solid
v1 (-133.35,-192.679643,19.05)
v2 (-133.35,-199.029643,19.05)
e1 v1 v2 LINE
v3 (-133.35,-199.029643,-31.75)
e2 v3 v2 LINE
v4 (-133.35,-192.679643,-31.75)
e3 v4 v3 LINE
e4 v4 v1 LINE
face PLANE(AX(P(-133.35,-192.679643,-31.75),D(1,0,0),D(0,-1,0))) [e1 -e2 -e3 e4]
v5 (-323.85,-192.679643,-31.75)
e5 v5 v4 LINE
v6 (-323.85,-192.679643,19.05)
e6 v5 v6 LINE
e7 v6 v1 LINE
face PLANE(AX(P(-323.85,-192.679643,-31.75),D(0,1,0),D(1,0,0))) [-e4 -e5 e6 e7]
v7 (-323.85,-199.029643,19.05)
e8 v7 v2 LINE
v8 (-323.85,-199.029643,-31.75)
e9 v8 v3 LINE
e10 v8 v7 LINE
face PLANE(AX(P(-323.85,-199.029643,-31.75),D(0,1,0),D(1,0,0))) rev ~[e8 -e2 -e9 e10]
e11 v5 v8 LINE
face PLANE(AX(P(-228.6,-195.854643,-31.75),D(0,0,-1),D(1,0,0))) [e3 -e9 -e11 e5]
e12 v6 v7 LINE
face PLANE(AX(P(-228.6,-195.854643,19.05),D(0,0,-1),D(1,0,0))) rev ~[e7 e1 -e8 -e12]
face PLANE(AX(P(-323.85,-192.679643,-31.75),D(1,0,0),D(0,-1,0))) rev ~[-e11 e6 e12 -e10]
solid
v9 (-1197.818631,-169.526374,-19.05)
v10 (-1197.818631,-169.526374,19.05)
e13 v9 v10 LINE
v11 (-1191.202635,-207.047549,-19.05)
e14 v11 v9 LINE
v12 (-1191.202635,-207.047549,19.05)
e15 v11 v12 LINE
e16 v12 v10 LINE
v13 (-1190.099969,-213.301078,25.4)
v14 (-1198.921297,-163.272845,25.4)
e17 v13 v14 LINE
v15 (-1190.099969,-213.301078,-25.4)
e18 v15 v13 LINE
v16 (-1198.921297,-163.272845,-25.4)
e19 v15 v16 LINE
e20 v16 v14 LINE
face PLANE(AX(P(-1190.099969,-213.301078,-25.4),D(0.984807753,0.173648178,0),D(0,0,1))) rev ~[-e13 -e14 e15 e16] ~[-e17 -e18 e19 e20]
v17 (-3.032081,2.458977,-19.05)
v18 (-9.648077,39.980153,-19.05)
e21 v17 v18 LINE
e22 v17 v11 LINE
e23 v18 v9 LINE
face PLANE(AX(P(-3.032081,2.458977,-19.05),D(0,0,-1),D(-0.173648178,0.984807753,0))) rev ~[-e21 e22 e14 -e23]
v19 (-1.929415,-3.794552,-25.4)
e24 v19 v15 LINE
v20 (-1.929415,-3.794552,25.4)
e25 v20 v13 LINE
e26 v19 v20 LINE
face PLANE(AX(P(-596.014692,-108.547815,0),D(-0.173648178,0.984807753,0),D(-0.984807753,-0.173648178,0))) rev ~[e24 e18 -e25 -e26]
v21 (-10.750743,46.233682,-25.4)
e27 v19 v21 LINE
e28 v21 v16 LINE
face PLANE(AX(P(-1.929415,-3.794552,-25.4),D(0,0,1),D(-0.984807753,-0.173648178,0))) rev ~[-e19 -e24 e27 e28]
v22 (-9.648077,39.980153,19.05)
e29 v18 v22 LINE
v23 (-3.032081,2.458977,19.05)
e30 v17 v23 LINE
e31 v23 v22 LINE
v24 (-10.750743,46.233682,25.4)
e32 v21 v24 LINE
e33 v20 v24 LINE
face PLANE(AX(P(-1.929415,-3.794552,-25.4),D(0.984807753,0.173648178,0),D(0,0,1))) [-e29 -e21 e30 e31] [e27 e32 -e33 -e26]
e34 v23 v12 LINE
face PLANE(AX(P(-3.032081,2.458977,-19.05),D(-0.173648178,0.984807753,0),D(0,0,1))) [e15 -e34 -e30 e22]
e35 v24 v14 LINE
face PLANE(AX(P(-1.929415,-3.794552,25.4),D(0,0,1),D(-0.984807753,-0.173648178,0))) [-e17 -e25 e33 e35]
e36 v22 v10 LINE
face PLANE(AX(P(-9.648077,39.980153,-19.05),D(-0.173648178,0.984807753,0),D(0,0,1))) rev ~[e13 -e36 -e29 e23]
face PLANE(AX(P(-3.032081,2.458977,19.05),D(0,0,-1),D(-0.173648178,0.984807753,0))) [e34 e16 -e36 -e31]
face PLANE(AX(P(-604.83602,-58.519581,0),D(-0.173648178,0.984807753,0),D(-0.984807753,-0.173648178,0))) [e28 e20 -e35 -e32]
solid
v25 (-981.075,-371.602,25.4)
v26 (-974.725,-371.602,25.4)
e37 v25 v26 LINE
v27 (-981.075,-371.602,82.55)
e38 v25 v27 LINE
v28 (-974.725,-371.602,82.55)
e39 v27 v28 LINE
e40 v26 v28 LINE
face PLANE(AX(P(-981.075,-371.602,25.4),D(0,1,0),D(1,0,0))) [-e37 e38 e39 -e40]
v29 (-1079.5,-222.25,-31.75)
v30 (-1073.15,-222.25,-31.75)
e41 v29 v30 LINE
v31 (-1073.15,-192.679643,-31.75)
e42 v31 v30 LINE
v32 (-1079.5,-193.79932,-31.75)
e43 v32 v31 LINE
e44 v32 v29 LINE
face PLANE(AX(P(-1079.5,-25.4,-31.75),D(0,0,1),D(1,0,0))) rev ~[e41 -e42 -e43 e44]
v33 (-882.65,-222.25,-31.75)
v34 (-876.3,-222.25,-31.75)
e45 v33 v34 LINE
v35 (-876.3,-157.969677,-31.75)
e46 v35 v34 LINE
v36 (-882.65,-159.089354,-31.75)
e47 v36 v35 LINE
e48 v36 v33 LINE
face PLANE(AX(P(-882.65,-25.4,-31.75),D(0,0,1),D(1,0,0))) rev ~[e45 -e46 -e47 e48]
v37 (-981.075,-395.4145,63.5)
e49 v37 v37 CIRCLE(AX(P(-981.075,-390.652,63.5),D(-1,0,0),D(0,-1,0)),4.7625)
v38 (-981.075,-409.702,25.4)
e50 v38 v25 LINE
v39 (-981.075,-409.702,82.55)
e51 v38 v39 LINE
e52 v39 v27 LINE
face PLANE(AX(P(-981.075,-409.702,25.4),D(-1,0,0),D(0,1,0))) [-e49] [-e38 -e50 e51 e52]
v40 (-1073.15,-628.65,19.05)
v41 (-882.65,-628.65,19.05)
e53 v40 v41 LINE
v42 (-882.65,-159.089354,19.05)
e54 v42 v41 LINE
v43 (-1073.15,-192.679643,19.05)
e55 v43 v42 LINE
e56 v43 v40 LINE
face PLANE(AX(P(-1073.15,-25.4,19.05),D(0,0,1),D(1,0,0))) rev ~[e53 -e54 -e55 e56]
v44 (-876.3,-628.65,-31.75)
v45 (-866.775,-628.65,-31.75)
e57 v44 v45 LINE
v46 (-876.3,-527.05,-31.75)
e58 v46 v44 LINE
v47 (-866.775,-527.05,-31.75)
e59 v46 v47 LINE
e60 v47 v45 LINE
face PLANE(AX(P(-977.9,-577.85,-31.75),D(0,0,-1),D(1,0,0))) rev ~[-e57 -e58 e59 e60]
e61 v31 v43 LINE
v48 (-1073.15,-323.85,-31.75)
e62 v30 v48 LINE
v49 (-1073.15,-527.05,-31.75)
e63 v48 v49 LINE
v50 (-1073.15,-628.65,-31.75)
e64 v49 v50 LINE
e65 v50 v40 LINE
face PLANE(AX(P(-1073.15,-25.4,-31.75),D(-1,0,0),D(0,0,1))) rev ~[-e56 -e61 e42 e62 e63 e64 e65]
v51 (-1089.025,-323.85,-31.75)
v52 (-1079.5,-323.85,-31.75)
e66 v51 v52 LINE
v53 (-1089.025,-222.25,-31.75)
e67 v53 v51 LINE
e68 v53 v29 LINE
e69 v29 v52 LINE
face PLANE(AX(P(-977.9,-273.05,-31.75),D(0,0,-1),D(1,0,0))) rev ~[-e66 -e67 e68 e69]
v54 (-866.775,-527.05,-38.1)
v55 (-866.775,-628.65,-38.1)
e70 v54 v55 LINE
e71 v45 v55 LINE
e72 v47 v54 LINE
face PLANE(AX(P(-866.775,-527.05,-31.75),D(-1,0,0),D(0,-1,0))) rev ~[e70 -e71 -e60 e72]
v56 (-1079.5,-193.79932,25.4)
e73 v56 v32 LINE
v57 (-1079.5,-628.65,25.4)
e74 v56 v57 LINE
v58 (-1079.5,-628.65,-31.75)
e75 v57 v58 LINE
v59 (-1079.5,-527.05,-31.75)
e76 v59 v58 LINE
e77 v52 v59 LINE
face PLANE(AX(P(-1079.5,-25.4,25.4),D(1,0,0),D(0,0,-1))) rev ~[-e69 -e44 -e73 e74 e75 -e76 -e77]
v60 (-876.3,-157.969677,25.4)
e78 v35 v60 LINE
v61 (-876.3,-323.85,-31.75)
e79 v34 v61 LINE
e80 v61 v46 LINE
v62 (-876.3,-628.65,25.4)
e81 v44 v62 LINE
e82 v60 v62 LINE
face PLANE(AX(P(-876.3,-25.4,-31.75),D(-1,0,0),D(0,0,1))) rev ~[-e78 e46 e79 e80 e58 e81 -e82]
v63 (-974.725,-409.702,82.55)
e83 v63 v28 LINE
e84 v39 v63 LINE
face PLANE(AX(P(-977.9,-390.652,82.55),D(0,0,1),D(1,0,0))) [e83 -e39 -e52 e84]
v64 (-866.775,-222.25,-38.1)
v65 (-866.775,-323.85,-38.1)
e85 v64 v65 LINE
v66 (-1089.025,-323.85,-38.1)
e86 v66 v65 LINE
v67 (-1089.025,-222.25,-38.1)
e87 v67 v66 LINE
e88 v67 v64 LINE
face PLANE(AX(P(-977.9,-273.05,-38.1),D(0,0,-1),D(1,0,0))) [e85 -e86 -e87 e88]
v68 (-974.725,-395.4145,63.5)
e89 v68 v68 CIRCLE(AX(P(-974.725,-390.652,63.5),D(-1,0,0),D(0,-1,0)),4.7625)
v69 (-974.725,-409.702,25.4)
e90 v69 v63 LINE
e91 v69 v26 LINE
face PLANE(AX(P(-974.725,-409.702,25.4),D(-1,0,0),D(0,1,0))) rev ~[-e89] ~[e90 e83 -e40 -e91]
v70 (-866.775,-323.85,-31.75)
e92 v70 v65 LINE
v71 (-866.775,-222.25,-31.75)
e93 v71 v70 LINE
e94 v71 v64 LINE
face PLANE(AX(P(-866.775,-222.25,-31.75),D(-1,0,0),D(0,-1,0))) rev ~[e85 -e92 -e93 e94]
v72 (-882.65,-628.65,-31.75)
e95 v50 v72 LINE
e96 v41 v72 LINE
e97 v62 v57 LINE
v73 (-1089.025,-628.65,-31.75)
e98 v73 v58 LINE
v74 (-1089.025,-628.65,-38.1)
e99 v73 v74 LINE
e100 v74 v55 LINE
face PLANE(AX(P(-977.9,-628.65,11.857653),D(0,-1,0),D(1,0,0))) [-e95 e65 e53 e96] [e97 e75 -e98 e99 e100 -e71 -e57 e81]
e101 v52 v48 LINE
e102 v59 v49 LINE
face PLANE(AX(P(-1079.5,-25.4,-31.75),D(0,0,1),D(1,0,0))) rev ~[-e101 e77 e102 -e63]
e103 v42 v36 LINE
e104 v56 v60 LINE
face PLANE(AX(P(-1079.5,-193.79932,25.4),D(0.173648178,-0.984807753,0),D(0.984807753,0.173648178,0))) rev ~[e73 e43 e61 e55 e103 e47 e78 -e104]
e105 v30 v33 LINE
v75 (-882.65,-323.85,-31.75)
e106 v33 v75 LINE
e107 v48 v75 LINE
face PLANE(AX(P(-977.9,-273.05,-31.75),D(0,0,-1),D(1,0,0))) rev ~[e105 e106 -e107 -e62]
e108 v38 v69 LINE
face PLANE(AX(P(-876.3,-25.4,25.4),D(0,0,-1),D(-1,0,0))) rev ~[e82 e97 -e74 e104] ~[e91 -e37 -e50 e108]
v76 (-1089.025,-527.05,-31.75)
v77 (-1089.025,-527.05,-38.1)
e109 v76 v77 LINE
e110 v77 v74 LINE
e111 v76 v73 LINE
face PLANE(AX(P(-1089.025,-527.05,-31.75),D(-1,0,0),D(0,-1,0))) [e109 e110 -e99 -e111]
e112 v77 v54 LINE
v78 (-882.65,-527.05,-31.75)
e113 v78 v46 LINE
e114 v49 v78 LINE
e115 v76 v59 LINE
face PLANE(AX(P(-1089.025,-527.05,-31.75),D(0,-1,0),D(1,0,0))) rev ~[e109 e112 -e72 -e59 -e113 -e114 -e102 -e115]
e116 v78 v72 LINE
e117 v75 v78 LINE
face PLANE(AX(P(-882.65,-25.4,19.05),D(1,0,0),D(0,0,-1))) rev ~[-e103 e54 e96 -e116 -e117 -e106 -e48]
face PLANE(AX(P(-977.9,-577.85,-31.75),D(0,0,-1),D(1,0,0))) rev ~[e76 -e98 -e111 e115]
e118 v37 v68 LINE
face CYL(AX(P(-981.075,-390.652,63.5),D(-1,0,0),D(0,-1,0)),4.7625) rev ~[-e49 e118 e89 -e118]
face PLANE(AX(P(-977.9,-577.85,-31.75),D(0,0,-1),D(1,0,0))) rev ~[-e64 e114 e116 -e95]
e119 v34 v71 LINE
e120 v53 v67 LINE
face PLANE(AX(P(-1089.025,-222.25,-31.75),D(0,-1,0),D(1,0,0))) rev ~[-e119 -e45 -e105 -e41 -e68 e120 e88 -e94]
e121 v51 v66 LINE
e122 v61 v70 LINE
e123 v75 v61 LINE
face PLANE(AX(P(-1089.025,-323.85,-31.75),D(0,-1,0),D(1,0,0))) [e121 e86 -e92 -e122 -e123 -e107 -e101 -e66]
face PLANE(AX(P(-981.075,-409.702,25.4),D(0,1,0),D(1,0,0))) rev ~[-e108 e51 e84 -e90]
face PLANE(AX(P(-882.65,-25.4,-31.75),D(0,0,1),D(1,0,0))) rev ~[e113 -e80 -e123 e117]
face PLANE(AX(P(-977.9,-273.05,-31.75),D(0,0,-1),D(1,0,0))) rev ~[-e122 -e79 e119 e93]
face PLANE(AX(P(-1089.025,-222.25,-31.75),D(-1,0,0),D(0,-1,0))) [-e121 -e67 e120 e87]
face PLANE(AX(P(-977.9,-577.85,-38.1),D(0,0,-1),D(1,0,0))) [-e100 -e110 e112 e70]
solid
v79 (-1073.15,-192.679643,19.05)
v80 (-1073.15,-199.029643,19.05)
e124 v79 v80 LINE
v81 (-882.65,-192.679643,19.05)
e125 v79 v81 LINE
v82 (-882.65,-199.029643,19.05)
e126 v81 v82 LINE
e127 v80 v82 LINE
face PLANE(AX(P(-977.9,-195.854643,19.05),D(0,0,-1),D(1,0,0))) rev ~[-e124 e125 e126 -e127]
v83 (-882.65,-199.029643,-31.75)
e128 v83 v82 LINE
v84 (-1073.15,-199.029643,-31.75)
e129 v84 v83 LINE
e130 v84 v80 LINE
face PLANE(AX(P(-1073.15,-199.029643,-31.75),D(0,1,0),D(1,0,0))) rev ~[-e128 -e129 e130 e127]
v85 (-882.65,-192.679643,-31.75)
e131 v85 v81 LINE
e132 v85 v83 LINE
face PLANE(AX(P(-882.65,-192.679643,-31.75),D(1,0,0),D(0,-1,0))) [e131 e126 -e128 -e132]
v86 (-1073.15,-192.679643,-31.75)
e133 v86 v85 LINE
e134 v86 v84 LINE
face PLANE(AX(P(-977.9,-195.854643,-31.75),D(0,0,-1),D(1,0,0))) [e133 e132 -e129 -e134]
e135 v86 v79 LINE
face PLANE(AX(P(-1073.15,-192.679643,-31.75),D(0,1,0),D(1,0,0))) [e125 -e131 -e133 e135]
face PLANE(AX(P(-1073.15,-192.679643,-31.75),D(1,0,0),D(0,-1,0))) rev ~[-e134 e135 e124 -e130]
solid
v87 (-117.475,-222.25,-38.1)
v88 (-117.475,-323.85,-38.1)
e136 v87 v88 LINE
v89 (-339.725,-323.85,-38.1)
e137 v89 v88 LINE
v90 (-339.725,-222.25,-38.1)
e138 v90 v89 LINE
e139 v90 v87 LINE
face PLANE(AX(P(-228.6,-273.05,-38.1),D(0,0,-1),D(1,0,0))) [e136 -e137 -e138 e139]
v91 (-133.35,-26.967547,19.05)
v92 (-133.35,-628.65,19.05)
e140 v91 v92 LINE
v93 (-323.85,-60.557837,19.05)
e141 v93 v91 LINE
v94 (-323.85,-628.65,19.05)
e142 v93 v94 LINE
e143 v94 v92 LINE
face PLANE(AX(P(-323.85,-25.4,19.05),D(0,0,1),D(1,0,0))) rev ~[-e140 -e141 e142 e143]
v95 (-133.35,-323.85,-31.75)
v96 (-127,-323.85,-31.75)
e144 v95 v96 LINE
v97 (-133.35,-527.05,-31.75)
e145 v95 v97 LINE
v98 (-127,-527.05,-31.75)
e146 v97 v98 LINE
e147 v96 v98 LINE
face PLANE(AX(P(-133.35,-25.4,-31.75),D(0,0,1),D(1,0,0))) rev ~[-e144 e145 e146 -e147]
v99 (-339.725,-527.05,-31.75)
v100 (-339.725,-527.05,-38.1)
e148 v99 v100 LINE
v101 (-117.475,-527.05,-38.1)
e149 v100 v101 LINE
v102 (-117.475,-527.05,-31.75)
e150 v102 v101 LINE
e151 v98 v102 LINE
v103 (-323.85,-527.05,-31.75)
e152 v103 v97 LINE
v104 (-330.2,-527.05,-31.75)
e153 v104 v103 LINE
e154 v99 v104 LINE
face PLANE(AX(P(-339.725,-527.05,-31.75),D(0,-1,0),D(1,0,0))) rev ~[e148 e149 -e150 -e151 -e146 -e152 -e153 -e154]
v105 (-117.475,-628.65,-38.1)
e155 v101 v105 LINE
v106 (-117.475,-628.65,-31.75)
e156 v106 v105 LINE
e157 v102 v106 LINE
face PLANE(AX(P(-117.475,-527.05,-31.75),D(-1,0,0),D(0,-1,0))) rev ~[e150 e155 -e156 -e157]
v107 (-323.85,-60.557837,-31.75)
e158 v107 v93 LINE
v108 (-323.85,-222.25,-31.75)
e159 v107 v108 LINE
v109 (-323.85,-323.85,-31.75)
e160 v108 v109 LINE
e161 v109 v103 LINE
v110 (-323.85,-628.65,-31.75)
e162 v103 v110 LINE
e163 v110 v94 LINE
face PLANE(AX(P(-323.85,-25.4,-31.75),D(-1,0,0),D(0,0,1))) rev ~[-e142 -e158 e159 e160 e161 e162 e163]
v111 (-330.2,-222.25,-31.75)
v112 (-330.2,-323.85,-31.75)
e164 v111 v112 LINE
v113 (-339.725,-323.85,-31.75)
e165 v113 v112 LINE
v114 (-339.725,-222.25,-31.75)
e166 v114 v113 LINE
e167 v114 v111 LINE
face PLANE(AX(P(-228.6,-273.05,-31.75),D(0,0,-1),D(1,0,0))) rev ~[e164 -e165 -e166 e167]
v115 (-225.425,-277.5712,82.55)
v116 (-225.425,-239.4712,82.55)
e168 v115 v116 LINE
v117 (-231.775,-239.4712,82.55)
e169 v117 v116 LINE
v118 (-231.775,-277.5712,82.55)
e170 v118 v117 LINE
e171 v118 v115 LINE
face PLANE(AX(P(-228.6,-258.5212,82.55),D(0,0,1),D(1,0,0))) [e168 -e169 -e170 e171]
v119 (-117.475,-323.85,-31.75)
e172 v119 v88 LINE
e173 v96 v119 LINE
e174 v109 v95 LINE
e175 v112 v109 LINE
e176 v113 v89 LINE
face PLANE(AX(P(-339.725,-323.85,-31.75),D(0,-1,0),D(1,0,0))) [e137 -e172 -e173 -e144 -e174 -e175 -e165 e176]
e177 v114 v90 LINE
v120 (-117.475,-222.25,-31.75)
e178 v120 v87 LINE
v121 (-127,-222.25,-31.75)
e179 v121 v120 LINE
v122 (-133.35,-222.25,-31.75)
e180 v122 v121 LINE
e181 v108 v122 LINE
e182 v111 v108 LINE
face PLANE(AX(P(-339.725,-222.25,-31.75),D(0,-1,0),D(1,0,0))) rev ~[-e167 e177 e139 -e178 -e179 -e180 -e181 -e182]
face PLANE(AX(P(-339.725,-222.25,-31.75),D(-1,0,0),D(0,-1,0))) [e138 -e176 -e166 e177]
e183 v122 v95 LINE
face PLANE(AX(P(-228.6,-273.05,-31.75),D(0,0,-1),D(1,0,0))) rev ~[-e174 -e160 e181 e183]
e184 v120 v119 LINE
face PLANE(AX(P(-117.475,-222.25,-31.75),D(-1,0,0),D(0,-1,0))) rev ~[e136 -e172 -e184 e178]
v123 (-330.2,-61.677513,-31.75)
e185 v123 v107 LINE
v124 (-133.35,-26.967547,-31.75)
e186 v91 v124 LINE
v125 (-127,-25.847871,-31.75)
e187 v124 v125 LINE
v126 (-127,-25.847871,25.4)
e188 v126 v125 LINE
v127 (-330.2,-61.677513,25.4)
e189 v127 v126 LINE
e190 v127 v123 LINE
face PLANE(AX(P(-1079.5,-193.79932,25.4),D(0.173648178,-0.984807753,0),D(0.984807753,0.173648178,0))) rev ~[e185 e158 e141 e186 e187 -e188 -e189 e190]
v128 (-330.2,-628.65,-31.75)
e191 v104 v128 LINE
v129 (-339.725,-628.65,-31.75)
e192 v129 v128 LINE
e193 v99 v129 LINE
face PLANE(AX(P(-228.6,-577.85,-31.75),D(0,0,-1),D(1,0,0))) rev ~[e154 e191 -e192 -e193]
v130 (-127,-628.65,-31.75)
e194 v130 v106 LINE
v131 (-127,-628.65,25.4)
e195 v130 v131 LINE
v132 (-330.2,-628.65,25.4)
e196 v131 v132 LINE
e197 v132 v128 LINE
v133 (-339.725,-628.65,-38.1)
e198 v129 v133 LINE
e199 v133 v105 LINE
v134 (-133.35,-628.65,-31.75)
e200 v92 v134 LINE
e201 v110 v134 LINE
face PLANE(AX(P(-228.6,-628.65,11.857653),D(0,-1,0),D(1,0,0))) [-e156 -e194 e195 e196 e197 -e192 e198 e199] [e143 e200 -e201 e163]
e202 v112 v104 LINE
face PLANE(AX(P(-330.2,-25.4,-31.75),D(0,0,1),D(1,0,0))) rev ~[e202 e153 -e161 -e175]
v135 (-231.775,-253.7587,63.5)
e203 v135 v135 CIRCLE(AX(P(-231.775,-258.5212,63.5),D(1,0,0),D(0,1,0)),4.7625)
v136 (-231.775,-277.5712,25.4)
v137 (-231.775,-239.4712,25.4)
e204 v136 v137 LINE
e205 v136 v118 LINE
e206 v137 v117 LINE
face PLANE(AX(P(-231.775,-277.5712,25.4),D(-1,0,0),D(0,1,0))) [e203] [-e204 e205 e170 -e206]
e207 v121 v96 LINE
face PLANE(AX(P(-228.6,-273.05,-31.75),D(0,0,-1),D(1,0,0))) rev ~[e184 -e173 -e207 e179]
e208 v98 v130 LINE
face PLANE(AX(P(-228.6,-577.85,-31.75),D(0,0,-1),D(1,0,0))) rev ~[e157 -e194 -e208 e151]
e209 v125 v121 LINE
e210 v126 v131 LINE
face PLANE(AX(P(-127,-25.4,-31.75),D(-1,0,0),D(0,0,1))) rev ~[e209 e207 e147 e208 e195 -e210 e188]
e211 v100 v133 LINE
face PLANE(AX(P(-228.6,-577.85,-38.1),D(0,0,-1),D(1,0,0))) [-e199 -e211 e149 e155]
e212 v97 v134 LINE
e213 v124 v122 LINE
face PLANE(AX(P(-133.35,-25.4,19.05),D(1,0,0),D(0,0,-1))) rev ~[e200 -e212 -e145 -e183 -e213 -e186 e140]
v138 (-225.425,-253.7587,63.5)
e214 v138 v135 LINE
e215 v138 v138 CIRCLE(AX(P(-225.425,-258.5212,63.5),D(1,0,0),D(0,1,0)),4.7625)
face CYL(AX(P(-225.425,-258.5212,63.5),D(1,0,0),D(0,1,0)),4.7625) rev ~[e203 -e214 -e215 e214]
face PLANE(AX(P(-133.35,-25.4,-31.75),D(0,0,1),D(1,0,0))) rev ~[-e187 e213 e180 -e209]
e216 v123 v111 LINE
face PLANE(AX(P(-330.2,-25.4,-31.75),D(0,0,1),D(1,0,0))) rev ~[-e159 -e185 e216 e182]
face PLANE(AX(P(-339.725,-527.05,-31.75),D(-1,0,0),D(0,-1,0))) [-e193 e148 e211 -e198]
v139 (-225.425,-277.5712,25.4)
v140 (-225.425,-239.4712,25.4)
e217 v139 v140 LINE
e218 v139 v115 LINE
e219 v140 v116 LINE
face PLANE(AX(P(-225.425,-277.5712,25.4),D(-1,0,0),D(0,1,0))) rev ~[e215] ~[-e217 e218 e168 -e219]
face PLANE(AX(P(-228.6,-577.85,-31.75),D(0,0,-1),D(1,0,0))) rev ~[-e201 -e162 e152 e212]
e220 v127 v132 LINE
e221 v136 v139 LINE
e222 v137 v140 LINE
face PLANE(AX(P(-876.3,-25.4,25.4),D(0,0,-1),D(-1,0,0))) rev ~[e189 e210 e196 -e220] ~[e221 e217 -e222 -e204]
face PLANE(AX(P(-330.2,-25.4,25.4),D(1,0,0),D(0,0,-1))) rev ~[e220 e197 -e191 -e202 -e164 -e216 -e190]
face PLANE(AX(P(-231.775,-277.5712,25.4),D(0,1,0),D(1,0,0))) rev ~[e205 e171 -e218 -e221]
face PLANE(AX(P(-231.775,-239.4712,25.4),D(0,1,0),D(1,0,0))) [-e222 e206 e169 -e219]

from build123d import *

# Parameters (mm, degrees)
F0_W      = 50.8
F0_H      = 50.8
F0_W_2    = 38.1
F0_H_2    = 38.1
F1_DEPTH  = 1206.5
F4_DEPTH  = 603.25
F5_W      = 222.25
F5_H      = 101.6
F6_DEPTH  = 6.35
F7_W      = 6.35
F7_H      = 38.1
F8_DEPTH  = 57.15
F9_R      = 4.7625
F10_DEPTH = 762
F12_DEPTH = 127
F13_W     = 1206.5
F13_H     = 50.8
F14_DEPTH = 127
F15_W     = 1206.5
F15_H     = 50.8
F16_DEPTH = 50.8
F17_W     = 38.1
F17_H     = 38.1
F18_DEPTH = 1270
F19_W     = 190.5
F19_H     = 6.35
F20_DEPTH = 50.8
F21_R     = 4.7625
F22_DEPTH = 25.4


with BuildPart() as f1:
    # F0 (on Right) → F1 (new body)
    with BuildSketch(Plane.YZ):
        Rectangle(F0_W, F0_H)
        Rectangle(F0_W_2, F0_H_2, mode=Mode.SUBTRACT)
    extrude(amount=-F1_DEPTH)

    # F3 (on offset) → F4 (join)
    with BuildSketch(Plane.XZ.offset(25.4)):
        Polygon((-876.3, 25.4), (-1079.5, 25.4), (-1079.5, -31.75), (-1073.15, -31.75), (-1073.15, 19.05), (-882.65, 19.05), (-882.65, -31.75), (-876.3, -31.75), align=None)
        Polygon((-127, -31.75), (-127, 25.4), (-330.2, 25.4), (-330.2, -31.75), (-323.85, -31.75), (-323.85, 19.05), (-133.35, 19.05), (-133.35, -31.75), align=None)
    extrude(amount=F4_DEPTH)

    # F5 (on face) → F6 (join)
    with BuildSketch(Plane(origin=(0, 0, -31.75), x_dir=(1, 0, 0), z_dir=(0, 0, -1))):
        with Locations((-228.6, 273.05)):
            Rectangle(F5_W, F5_H)
        with Locations((-228.6, 577.85)):
            Rectangle(F5_W, F5_H)
        with Locations((-977.9, 273.05)):
            Rectangle(F5_W, F5_H)
        with Locations((-977.9, 577.85)):
            Rectangle(F5_W, F5_H)
    extrude(amount=F6_DEPTH)

    # F7 (on face) → F8 (join)
    with BuildSketch(Plane.XY.offset(25.4)):
        with Locations((-228.6, -258.5212)):
            Rectangle(F7_W, F7_H)
        with Locations((-977.9, -390.652)):
            Rectangle(F7_W, F7_H)
    extrude(amount=F8_DEPTH)

    # F9 (on face) → F10 (cut)
    with BuildSketch(Plane.YZ.offset(-225.425)):
        with Locations((-258.5212, 63.5)):
            Circle(F9_R)
    extrude(amount=-F10_DEPTH, mode=Mode.SUBTRACT)

    # F11 (on face) → F12 (cut)
    with BuildSketch(Plane.XY.offset(25.4)):
        Polygon((-1079.5, -25.4), (-1079.5, -193.3514491248), (-1079.5, -193.7993196558), (-876.3, -157.9696771759), (-876.3, -25.4), align=None)
        Polygon((-127, -25.4), (-330.2, -25.4), (-330.2, -61.677513011), (-127, -25.847870531), align=None)
        Polygon((-330.2, -25.4), (-876.3, -25.4), (-876.3, -157.9696771759), (-330.2, -61.677513011), align=None)
    extrude(amount=-F12_DEPTH, mode=Mode.SUBTRACT)

    # F13 (on face) → F14 (cut)
    with BuildSketch(Plane.XY.offset(25.4)):
        Polygon((23.5653109848, 38.0831770599), (-1219.6669578552, 38.0831770599), (-1219.6669578552, -25.4), (-1206.5, -25.4), (-1206.5, 25.4), (0, 25.4), (0, -25.4), (23.5653109848, -25.4), align=None)
        with Locations((-603.25, 0)):
            Rectangle(F13_W, F13_H)
    extrude(amount=-F14_DEPTH, mode=Mode.SUBTRACT)

    # F21 (on face) → F22 (cut)
    with BuildSketch(Plane(origin=(-981.075, 0, 0), x_dir=(0, -1, 0), z_dir=(-1, 0, 0))):
        with Locations((390.652, 63.5)):
            Circle(F21_R)
    extrude(amount=-F22_DEPTH, mode=Mode.SUBTRACT)


with BuildPart() as f16:
    # F15 (on face) → F16 (new body)
    with BuildSketch(Plane(origin=(0.5907276117, -3.3501827648, 0), x_dir=(-0.984807753, -0.1736481777, 0), z_dir=(-0.1736481777, 0.984807753, 0))):
        with Locations((605.8090202468, 0)):
            Rectangle(F15_W, F15_H)
    extrude(amount=F16_DEPTH)

    # F17 (on face) → F18 (cut)
    with BuildSketch(Plane(origin=(-2.5201429792, -0.4443692025, 0), x_dir=(-0.1736481777, 0.984807753, 0), z_dir=(0.984807753, 0.1736481777, 0))):
        with Locations((21.9981352659, 0)):
            Rectangle(F17_W, F17_H)
    extrude(amount=-F18_DEPTH, mode=Mode.SUBTRACT)


with BuildPart() as f20:
    # F19 (on face) → F20 (new body, through all)
    with BuildSketch(Plane(origin=(0, 0, -31.75), x_dir=(1, 0, 0), z_dir=(0, 0, -1))):
        with Locations((-977.9, 195.8546433283)):
            Rectangle(F19_W, F19_H)
    extrude(amount=-F20_DEPTH)


with BuildPart() as f20b:
    # F19 (on face) → F20, piece 2 (new body, through all)
    with BuildSketch(Plane(origin=(0, 0, -31.75), x_dir=(1, 0, 0), z_dir=(0, 0, -1))):
        with Locations((-228.6, 195.8546433283)):
            Rectangle(F19_W, F19_H)
    extrude(amount=-F20_DEPTH)


solid = Compound([f1.part, f16.part, f20.part, f20b.part])
